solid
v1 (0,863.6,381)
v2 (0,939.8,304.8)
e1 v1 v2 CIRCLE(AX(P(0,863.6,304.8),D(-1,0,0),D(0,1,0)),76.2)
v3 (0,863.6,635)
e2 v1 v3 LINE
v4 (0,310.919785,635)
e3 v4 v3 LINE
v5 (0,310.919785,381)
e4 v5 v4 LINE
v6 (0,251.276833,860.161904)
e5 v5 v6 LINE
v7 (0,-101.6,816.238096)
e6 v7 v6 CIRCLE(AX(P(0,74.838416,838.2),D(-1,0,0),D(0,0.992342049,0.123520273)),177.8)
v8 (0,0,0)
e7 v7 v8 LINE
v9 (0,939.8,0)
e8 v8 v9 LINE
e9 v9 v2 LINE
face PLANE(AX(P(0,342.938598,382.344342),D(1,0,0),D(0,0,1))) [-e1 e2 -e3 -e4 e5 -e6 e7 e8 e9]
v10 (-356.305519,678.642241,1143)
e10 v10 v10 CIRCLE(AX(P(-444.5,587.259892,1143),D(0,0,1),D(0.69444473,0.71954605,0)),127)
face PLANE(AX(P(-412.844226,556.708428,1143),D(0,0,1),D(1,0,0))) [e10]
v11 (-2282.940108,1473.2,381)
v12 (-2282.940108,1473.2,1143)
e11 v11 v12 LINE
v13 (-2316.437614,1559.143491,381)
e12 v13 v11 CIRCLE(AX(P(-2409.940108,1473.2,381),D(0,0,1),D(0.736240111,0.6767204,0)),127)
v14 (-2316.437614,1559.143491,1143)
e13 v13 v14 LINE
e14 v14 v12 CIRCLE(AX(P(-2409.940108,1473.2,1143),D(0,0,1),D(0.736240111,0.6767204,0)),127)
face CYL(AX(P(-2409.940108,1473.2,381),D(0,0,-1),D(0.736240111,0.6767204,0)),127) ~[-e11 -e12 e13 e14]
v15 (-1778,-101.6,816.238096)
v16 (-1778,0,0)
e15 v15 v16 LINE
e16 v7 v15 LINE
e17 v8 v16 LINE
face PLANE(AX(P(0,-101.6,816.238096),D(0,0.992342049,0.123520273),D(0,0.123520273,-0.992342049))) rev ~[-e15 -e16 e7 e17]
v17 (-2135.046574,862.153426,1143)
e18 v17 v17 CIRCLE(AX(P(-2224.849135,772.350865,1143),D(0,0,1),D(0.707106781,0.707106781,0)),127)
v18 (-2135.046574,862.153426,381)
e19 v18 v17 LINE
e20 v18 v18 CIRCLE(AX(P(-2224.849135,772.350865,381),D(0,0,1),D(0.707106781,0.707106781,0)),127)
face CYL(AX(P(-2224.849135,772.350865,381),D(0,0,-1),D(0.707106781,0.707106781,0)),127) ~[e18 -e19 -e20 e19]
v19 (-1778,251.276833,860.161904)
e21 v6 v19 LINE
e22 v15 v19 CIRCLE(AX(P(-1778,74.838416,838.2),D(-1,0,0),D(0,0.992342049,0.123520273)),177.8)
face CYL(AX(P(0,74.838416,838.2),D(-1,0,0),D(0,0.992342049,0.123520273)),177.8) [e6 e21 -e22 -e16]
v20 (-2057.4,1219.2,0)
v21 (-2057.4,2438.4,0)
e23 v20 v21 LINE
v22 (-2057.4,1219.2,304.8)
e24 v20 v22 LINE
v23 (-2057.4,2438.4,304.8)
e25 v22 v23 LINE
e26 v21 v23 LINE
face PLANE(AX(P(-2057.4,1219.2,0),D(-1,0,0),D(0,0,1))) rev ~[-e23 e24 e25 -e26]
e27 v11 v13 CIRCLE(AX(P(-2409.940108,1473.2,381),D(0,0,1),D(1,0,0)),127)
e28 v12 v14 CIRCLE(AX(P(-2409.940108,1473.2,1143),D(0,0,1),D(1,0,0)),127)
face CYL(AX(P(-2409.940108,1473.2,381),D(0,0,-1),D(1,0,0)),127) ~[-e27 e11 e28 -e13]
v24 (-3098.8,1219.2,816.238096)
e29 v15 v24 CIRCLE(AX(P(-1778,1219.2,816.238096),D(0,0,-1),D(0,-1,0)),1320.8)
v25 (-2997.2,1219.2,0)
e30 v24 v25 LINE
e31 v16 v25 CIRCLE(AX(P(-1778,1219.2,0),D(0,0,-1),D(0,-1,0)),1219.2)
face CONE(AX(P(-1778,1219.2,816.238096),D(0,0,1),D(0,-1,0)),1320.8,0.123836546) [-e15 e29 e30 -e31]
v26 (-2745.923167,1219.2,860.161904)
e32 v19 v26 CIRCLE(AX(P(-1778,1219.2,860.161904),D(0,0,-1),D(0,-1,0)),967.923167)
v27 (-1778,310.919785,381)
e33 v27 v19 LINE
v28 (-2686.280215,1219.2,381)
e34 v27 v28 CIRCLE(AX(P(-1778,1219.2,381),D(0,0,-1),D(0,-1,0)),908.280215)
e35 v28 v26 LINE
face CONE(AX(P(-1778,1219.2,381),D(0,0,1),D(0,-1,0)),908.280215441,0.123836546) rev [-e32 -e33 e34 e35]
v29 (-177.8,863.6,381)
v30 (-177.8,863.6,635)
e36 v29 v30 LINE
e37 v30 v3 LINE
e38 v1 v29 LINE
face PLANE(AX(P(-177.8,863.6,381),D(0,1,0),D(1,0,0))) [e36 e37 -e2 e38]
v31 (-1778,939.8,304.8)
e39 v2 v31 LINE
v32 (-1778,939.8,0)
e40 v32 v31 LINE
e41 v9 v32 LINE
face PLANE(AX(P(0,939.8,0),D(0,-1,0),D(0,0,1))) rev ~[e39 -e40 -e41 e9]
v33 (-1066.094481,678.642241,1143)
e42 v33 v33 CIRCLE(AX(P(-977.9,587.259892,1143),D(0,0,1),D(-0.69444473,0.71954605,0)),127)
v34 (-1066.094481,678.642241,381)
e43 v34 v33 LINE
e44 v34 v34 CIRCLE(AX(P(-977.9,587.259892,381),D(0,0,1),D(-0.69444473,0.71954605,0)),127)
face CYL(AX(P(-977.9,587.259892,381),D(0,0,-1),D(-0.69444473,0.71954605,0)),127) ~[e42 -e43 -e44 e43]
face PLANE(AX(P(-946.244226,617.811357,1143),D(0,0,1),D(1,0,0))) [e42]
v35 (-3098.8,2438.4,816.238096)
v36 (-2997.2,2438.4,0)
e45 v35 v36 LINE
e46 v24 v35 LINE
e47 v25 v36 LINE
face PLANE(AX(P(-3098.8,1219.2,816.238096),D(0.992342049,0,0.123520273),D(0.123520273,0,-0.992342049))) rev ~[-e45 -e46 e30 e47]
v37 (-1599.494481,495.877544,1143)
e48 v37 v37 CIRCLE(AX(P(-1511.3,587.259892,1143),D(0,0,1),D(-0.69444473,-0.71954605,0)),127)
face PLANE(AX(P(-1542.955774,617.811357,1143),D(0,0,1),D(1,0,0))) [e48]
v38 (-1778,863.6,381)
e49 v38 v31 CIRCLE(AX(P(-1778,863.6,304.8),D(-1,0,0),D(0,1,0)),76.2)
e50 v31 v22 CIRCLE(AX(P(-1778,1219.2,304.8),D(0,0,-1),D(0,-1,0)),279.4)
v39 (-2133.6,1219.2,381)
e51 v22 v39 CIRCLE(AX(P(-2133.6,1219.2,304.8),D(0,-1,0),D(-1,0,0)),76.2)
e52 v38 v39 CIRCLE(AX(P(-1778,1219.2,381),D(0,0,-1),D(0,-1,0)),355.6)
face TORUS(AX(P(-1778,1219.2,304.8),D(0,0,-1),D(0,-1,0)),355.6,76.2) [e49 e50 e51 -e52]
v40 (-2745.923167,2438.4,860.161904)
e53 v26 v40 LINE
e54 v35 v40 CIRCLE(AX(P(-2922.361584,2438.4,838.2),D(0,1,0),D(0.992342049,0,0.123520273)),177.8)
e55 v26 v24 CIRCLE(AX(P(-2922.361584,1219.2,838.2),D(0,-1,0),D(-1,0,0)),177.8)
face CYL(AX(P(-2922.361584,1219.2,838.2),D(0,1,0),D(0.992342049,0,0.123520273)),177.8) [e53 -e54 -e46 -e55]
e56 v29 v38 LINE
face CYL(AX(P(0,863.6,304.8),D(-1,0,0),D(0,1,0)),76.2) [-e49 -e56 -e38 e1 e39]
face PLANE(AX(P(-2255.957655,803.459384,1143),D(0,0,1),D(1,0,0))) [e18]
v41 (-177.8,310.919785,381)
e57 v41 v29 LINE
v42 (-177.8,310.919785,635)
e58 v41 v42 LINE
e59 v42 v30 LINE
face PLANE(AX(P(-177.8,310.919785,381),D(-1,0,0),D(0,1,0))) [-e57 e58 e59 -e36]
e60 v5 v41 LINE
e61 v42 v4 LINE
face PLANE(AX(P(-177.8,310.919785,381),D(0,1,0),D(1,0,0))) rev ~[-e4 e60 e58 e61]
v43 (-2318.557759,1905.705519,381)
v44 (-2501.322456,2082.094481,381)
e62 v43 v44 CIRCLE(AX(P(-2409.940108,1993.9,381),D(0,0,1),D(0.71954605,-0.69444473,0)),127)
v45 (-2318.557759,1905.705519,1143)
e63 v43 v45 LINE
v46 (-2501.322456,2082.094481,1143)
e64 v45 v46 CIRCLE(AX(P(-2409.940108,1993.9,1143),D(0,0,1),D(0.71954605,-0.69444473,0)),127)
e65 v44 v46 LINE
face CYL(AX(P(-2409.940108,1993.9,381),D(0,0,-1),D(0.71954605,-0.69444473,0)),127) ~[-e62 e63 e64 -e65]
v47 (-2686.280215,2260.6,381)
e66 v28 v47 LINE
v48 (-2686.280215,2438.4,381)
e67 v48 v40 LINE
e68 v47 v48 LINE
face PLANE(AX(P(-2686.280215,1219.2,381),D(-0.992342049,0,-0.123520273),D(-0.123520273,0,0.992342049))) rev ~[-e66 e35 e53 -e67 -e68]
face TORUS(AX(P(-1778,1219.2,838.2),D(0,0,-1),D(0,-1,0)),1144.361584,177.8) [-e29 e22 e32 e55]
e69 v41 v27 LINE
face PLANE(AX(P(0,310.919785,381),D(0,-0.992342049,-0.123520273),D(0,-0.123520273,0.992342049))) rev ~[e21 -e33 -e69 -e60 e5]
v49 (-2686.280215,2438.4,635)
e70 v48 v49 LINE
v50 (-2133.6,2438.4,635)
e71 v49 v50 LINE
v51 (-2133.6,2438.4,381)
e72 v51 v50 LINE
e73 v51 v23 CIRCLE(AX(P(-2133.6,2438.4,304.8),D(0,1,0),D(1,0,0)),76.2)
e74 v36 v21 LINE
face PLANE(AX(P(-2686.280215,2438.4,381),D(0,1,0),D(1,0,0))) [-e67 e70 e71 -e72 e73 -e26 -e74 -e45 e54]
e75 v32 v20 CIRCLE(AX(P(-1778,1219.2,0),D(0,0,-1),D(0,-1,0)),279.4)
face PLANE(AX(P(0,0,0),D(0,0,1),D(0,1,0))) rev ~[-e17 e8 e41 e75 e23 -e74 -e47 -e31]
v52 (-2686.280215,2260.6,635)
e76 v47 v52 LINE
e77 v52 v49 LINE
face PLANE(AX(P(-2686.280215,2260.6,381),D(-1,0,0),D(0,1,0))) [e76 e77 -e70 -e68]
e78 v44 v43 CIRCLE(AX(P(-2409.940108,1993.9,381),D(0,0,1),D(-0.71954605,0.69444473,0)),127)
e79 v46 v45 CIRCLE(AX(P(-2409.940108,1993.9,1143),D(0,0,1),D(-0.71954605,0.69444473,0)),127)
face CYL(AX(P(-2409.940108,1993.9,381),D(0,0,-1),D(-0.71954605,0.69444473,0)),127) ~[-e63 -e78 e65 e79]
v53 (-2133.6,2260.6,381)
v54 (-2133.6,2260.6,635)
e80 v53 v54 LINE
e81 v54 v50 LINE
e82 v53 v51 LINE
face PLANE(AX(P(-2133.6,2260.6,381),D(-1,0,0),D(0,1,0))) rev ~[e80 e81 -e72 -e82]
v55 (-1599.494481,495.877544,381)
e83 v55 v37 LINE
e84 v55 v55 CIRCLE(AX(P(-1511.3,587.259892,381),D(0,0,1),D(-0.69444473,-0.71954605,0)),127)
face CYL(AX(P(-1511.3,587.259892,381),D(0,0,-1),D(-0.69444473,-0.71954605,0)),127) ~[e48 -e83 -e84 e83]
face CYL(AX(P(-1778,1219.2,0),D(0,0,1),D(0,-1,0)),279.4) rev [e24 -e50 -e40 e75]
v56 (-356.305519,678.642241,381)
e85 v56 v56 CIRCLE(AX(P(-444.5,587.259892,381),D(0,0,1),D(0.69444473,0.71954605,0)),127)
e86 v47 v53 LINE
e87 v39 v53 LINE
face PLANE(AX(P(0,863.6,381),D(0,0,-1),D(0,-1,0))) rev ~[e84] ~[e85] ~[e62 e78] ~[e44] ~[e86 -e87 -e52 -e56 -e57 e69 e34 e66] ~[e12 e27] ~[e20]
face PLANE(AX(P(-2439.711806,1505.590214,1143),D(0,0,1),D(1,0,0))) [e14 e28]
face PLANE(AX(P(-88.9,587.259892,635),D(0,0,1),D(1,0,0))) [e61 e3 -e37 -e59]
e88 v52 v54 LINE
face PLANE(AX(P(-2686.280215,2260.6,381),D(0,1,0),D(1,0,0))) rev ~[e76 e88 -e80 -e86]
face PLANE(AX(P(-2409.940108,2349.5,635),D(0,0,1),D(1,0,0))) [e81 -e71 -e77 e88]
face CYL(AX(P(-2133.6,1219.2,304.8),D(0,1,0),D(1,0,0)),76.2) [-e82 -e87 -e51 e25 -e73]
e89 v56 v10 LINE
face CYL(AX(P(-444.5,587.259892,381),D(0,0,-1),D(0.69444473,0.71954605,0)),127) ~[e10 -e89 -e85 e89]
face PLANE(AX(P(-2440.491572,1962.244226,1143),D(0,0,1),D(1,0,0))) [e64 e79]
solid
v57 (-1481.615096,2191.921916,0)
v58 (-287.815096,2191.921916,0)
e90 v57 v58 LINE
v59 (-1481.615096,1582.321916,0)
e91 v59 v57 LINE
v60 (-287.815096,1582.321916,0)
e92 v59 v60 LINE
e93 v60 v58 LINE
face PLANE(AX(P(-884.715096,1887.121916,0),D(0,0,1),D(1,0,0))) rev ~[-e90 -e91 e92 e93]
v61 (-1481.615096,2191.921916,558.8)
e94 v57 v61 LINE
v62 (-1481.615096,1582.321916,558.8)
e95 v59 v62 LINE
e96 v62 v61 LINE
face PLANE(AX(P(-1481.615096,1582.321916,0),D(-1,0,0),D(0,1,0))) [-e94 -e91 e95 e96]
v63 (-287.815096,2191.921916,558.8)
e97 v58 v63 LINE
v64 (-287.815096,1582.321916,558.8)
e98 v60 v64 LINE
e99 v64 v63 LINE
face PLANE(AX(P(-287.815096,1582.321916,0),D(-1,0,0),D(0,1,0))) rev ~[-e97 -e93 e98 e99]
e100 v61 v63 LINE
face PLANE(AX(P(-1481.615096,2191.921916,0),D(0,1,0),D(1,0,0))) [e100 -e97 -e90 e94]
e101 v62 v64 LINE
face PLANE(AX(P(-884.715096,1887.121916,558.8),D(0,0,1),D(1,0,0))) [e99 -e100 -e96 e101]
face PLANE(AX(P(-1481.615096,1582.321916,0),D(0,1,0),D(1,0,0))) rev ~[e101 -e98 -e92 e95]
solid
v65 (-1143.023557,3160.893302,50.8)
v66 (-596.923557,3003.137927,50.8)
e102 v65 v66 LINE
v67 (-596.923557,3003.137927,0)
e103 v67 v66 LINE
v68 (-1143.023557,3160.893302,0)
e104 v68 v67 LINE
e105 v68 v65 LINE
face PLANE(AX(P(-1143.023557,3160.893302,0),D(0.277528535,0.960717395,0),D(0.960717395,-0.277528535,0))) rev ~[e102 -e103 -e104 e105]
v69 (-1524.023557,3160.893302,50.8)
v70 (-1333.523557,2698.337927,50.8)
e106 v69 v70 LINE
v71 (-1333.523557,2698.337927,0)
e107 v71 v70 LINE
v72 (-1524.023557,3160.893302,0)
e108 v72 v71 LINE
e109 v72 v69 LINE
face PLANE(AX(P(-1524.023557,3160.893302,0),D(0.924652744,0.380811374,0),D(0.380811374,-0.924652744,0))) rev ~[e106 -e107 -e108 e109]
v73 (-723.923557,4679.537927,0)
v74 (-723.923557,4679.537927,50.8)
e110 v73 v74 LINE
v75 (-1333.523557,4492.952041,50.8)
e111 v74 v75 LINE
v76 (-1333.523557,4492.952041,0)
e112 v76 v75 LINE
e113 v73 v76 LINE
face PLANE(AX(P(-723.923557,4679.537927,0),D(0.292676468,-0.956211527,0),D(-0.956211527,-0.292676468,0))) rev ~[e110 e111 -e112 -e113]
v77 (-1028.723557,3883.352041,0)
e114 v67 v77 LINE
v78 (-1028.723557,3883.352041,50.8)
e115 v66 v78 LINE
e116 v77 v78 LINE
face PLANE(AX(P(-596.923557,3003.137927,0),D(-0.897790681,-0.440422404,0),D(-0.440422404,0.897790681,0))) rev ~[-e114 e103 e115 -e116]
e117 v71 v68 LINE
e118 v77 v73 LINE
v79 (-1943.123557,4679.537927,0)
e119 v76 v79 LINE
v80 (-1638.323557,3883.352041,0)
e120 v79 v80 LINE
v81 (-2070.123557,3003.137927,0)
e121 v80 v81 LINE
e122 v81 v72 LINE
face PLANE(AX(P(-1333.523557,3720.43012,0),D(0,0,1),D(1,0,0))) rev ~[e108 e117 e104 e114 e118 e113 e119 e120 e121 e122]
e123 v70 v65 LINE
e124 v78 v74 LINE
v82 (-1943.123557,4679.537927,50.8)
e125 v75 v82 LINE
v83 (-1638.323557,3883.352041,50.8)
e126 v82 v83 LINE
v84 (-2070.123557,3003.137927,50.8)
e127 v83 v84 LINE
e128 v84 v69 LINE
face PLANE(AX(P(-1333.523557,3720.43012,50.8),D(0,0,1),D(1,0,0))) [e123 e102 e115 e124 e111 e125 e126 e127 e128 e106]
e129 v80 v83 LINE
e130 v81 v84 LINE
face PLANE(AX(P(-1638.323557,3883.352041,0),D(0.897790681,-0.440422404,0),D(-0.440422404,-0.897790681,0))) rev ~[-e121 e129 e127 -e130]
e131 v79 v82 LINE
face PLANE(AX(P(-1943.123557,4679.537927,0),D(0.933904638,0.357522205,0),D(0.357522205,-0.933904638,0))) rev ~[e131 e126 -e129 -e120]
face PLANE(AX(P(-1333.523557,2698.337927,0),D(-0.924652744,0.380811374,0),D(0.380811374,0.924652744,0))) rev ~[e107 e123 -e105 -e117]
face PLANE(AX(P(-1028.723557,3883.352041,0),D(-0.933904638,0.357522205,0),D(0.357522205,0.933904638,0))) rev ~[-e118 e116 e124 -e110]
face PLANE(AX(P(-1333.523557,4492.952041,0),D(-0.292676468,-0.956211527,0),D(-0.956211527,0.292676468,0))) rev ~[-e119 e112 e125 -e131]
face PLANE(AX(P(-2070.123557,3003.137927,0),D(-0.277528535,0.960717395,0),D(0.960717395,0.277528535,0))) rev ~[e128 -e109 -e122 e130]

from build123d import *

# Parameters (mm, degrees)
F3_W     = 552.6802154407
F3_H     = 177.8
F3_W_2   = 177.8
F3_H_2   = 552.6802154407
F4_DEPTH = 254
F5_DEPTH = 762
F6_W     = 1193.8
F6_H     = 609.6
F7_DEPTH = 558.8
F8_DEPTH = 50.8


with BuildPart() as f2:
    # F2: sweep along a path in F1
    with BuildLine(Plane.XY) as f2_path:
        Line((0, 0), (-1778, 0))
        ThreePointArc((-1778, 0), (-2640.1045876226, 357.0954123774), (-2997.2, 1219.2))
        Line((-2997.2, 1219.2), (-2997.2, 2438.4))
    # F0 (on Right) → F2 (sweep)
    with BuildSketch(Plane.YZ):
        with BuildLine():
            Line((251.2768326259, 860.1619044934), (-101.6, 816.2380955066))
            Line((-101.6, 816.2380955066), (0, 0))
            Line((0, 0), (939.8, 0))
            Line((939.8, 0), (939.8, 304.8))
            ThreePointArc((939.8, 304.8), (917.4815367264, 358.6815367264), (863.6, 381))
            Line((863.6, 381), (310.9197845593, 381))
            Line((310.9197845593, 381), (251.2768326259, 860.1619044934))
        make_face()
        with BuildLine():
            ThreePointArc((251.2768326259, 860.1619044934), (52.8765118195, 1014.638416313), (-101.6, 816.2380955066))
            Line((-101.6, 816.2380955066), (251.2768326259, 860.1619044934))
        make_face()
    sweep(path=f2_path.line)

    # F3 (on face) → F4 (join)
    with BuildSketch(Plane.XY.offset(381)):
        with Locations((-2409.9401077203, 2349.5)):
            Rectangle(F3_W, F3_H)
        with Locations((-88.9, 587.2598922797)):
            Rectangle(F3_W_2, F3_H_2)
    extrude(amount=F4_DEPTH)

    # F3 (on face) → F5 (join)
    with BuildSketch(Plane.XY.offset(381)):
        with BuildLine():
            ThreePointArc((-317.5, 587.2598922797), (-327.6032527286, 636.9001025669), (-356.3055193286, 678.6422405702))
            Line((-356.3055193286, 678.6422405702), (-532.6944806714, 495.8775439891))
            ThreePointArc((-532.6944806714, 495.8775439891), (-394.8597897127, 470.3631450082), (-317.5, 587.2598922797))
        make_face()
        with BuildLine():
            Line((-532.6944806714, 495.8775439891), (-356.3055193286, 678.6422405702))
            ThreePointArc((-356.3055193286, 678.6422405702), (-535.8823482905, 675.4543729511), (-532.6944806714, 495.8775439891))
        make_face()
        with BuildLine():
            ThreePointArc((-850.9, 587.2598922797), (-928.2597897127, 704.1566395511), (-1066.0944806714, 678.6422405702))
            Line((-1066.0944806714, 678.6422405702), (-889.7055193286, 495.8775439891))
            ThreePointArc((-889.7055193286, 495.8775439891), (-861.0032527286, 537.6196819924), (-850.9, 587.2598922797))
        make_face()
        with BuildLine():
            Line((-889.7055193286, 495.8775439891), (-1066.0944806714, 678.6422405702))
            ThreePointArc((-1066.0944806714, 678.6422405702), (-1069.2823482905, 499.0654116082), (-889.7055193286, 495.8775439891))
        make_face()
        with BuildLine():
            Line((-1599.4944806714, 495.8775439891), (-1423.1055193286, 678.6422405702))
            ThreePointArc((-1423.1055193286, 678.6422405702), (-1602.6823482905, 675.4543729511), (-1599.4944806714, 495.8775439891))
        make_face()
        with BuildLine():
            ThreePointArc((-1384.3, 587.2598922797), (-1394.4032527286, 636.9001025669), (-1423.1055193286, 678.6422405702))
            Line((-1423.1055193286, 678.6422405702), (-1599.4944806714, 495.8775439891))
            ThreePointArc((-1599.4944806714, 495.8775439891), (-1461.6597897127, 470.3631450083), (-1384.3, 587.2598922797))
        make_face()
        with BuildLine():
            Line((-2314.6516966835, 682.5483033165), (-2135.0465742621, 862.1534257379))
            ThreePointArc((-2135.0465742621, 862.1534257379), (-2314.6516966835, 862.1534257379), (-2314.6516966835, 682.5483033165))
        make_face()
        with BuildLine():
            ThreePointArc((-2097.8491354728, 772.3508645272), (-2107.5164348439, 820.9516604376), (-2135.0465742621, 862.1534257379))
            Line((-2135.0465742621, 862.1534257379), (-2314.6516966835, 682.5483033165))
            ThreePointArc((-2314.6516966835, 682.5483033165), (-2176.2483395624, 655.0181638983), (-2097.8491354728, 772.3508645272))
        make_face()
        with BuildLine():
            Line((-2503.4426017878, 1387.2565092449), (-2316.4376136529, 1559.1434907551))
            ThreePointArc((-2316.4376136529, 1559.1434907551), (-2495.8835984754, 1566.7024940674), (-2503.4426017878, 1387.2565092449))
        make_face()
        with BuildLine():
            ThreePointArc((-2282.9401077203, 1473.2), (-2291.6104479842, 1519.3204035836), (-2316.4376136529, 1559.1434907551))
            Line((-2316.4376136529, 1559.1434907551), (-2503.4426017878, 1387.2565092449))
            ThreePointArc((-2503.4426017878, 1387.2565092449), (-2363.8197041367, 1354.8703402638), (-2282.9401077203, 1473.2))
        make_face()
        with BuildLine():
            ThreePointArc((-2501.3224560109, 2082.0944806715), (-2498.1345883918, 1902.5176517095), (-2318.5577594298, 1905.7055193286))
            Line((-2318.5577594298, 1905.7055193286), (-2501.3224560109, 2082.0944806714))
        make_face()
        with BuildLine():
            Line((-2501.3224560109, 2082.0944806714), (-2318.5577594298, 1905.7055193286))
            ThreePointArc((-2318.5577594298, 1905.7055193286), (-2292.1806957124, 1946.3424466194), (-2282.9401077203, 1993.9))
            ThreePointArc((-2282.9401077203, 1993.9), (-2362.3825543397, 2111.6594120079), (-2501.3224560109, 2082.0944806715))
        make_face()
    extrude(amount=F5_DEPTH)


with BuildPart() as f7:
    # F6 (on Top) → F7 (new body)
    with BuildSketch(Plane.XY):
        with Locations((-884.7150955342, 1887.1219158173)):
            Rectangle(F6_W, F6_H)
    extrude(amount=F7_DEPTH)


with BuildPart() as f8:
    # F6 (on Top) → F8 (new body)
    with BuildSketch(Plane.XY):
        Polygon((-1524.0235568264, 3160.8933018048), (-1333.5235568264, 2698.3379268963), (-1143.0235568264, 3160.8933018048), (-596.9235568264, 3003.1379268963), (-1028.7235568264, 3883.3520412445), (-723.9235568264, 4679.5379268963), (-1333.5235568264, 4492.9520412445), (-1943.1235568264, 4679.5379268963), (-1638.3235568264, 3883.3520412445), (-2070.1235568264, 3003.1379268963), align=None)
    extrude(amount=F8_DEPTH)


solid = Compound([f2.part, f7.part, f8.part])
